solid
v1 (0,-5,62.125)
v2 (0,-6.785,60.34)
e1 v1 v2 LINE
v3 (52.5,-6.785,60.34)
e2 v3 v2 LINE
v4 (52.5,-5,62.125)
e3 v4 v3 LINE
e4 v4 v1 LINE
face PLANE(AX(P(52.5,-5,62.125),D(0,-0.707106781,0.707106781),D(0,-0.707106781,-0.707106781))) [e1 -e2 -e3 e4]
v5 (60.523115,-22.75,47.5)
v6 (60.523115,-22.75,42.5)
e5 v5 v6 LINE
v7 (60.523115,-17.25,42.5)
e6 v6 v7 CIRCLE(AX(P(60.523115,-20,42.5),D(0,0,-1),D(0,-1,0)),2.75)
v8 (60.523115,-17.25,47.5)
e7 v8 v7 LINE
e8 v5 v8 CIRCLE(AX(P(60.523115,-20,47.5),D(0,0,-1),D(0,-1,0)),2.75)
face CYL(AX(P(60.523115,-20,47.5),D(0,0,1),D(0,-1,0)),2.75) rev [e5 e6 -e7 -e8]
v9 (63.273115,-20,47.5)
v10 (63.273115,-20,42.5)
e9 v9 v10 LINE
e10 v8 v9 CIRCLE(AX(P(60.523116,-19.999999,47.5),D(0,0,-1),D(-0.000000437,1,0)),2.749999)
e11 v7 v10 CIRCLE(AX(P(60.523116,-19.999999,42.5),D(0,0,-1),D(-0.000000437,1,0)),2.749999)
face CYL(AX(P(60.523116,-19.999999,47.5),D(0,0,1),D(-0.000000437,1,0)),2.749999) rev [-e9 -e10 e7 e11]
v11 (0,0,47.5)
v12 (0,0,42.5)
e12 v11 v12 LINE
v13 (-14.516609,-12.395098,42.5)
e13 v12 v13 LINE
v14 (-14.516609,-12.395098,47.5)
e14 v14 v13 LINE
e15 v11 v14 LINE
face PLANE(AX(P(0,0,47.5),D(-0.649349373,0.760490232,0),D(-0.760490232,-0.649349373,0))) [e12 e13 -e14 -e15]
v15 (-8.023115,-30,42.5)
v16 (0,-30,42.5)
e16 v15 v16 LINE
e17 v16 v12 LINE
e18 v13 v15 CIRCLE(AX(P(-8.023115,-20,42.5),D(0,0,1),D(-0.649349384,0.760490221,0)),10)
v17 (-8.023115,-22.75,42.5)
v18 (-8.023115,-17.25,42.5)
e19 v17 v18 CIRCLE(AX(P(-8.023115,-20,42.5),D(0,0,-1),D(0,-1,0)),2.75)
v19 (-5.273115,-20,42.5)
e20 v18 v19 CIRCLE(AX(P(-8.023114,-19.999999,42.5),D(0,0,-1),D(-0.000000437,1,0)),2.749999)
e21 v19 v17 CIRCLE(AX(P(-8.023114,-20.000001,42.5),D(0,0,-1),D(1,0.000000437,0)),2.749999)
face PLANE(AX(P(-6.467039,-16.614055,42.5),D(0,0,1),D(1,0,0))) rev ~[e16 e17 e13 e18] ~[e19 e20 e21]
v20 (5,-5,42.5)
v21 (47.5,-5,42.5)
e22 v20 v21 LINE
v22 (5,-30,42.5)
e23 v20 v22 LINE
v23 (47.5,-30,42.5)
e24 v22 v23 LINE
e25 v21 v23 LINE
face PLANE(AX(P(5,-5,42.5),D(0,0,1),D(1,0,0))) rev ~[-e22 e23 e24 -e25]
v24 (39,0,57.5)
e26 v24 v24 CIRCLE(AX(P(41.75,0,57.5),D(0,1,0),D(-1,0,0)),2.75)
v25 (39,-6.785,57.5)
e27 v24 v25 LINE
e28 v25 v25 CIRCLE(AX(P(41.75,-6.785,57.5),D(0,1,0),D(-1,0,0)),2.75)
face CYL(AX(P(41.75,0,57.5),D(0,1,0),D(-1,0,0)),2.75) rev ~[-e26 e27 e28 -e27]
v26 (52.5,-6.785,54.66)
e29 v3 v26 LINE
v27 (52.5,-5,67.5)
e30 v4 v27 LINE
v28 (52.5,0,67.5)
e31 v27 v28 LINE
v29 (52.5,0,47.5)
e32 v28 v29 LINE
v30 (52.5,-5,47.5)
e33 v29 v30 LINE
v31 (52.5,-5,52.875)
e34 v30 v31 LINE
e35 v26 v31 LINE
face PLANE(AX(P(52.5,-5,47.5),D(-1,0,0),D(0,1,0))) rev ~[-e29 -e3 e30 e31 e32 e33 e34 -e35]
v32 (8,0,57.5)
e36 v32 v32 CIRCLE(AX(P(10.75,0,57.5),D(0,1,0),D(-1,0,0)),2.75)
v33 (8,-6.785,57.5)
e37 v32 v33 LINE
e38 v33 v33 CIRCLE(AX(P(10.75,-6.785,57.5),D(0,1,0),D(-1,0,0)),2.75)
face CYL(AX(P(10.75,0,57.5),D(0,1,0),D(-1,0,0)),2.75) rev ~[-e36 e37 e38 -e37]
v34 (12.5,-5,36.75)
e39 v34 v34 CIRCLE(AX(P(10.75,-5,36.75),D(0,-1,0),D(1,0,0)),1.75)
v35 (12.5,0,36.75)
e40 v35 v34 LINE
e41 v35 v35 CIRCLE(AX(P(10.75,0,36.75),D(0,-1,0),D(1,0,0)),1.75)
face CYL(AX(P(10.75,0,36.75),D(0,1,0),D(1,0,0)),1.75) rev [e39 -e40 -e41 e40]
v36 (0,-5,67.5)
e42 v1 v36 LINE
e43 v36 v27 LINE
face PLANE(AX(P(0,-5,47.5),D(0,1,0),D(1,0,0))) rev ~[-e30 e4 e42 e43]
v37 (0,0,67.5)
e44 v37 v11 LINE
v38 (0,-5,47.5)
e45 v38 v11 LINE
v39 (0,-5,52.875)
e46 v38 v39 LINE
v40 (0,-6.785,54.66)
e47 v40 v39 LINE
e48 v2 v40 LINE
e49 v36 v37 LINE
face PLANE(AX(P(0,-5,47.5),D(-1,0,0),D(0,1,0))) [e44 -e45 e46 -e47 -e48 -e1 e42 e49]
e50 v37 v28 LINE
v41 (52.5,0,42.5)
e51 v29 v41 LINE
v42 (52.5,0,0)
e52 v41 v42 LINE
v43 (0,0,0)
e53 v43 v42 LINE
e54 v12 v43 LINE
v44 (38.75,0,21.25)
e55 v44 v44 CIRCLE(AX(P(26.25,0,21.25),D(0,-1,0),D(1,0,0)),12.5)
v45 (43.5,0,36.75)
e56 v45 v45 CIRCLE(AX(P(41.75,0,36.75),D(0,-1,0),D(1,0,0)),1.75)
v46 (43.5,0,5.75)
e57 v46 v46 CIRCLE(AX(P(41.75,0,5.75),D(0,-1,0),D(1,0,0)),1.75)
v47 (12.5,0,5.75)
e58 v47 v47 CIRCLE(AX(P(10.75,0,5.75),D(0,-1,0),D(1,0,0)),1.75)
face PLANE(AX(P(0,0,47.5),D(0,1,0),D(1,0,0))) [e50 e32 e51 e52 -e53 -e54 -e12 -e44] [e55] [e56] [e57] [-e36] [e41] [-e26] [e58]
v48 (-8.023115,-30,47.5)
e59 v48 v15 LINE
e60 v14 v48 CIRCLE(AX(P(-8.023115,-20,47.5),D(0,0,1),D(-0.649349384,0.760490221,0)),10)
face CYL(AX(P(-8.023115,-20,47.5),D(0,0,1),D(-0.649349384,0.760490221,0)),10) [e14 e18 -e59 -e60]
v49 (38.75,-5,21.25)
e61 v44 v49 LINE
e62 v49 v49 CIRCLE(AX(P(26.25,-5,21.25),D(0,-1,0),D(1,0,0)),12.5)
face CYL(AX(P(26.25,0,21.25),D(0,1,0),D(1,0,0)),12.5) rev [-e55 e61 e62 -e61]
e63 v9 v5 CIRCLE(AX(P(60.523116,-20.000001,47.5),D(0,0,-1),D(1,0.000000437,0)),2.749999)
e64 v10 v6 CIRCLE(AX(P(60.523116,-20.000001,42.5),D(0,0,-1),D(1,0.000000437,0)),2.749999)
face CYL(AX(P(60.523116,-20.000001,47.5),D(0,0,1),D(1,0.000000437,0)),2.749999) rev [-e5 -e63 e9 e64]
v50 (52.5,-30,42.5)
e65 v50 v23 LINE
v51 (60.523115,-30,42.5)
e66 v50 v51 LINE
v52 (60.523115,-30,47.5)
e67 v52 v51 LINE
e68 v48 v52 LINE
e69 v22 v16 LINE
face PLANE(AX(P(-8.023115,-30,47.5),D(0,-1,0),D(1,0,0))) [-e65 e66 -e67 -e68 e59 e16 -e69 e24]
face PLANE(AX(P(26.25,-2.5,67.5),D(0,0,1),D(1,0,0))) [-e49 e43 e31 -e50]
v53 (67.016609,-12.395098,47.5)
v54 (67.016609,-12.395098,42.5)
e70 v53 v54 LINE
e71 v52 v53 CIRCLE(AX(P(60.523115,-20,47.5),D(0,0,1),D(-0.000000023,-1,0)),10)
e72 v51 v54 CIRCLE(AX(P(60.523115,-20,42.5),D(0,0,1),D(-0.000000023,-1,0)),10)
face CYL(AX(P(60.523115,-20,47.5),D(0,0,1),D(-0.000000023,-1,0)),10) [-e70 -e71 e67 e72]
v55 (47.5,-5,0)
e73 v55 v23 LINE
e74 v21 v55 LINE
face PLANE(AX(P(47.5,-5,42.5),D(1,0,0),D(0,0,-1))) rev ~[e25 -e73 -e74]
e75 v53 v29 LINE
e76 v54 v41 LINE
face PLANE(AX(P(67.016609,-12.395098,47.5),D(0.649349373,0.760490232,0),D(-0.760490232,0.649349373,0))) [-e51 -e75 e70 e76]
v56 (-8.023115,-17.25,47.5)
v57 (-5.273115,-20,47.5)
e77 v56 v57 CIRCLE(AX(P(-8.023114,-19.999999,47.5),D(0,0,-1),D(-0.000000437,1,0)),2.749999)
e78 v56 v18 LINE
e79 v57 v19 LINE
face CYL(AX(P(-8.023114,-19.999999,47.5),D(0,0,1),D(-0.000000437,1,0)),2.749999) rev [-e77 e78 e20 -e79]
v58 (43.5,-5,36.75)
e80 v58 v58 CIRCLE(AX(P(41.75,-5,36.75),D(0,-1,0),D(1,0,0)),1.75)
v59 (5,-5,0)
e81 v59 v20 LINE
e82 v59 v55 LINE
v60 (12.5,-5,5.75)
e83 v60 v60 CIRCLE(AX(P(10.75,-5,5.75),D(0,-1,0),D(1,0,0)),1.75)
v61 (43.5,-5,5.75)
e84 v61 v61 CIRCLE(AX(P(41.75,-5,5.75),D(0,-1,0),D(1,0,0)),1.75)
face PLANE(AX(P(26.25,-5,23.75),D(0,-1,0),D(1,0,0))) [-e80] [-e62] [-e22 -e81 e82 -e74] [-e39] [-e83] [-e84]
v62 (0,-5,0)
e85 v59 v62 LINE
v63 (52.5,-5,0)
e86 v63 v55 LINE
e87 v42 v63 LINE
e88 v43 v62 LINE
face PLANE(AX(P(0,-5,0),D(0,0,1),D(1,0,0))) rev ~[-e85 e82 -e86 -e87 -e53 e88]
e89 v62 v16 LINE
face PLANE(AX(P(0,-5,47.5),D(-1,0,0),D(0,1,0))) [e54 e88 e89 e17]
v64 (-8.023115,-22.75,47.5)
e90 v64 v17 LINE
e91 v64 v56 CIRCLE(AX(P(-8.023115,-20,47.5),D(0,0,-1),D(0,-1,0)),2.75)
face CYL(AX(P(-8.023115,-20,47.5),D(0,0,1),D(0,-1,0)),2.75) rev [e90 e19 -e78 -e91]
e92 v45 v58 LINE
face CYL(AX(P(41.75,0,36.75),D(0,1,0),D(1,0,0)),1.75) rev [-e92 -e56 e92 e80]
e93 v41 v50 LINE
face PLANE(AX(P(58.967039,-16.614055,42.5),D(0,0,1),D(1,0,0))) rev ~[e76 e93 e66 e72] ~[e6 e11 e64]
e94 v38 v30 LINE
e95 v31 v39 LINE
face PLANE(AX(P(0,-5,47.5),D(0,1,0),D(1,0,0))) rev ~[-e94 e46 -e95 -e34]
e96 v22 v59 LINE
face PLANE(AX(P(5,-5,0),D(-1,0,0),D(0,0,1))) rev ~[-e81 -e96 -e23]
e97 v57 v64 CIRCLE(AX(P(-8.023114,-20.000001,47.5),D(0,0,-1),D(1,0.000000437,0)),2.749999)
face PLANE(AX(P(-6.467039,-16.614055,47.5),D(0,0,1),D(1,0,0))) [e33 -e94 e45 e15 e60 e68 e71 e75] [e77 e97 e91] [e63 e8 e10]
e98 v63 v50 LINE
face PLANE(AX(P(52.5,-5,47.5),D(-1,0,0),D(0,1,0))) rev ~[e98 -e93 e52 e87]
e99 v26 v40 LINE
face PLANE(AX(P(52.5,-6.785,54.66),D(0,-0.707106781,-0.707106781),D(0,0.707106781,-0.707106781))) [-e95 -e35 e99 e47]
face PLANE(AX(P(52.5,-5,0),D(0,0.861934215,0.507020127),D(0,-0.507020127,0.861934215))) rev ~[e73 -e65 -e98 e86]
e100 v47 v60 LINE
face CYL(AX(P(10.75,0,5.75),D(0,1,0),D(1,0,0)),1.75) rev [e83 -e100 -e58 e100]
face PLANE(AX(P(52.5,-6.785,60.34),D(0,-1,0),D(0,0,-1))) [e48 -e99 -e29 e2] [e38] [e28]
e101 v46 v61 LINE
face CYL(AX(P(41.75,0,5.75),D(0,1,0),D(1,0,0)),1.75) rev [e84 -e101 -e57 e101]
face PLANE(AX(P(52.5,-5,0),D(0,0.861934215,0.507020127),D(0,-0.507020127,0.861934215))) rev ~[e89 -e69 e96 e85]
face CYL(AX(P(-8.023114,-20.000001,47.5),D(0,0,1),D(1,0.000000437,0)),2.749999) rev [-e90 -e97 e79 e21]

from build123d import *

# Parameters (mm, degrees)
F0_W      = 52.5
F0_H      = 47.5
F0_R      = 1.75
F0_R_2    = 12.5
F1_DEPTH  = 5
F3_DEPTH  = 25
F4_W      = 52.5
F4_H      = 5
F5_DEPTH  = 20
F7_DEPTH  = 5
F9_DEPTH  = 52.5
F10_R     = 2.75
F11_DEPTH = 30.001
F13_DEPTH = 52.5


with BuildPart() as f1:
    # F0 (on Front) → F1 (new body)
    with BuildSketch(Plane.XZ):
        with Locations((26.25, 23.75)):
            Rectangle(F0_W, F0_H)
        with Locations((10.75, 5.75)):
            Circle(F0_R, mode=Mode.SUBTRACT)
        with Locations((41.75, 5.75)):
            Circle(F0_R, mode=Mode.SUBTRACT)
        with Locations((26.25, 21.25)):
            Circle(F0_R_2, mode=Mode.SUBTRACT)
        with Locations((10.75, 36.75)):
            Circle(F0_R, mode=Mode.SUBTRACT)
        with Locations((41.75, 36.75)):
            Circle(F0_R, mode=Mode.SUBTRACT)
    extrude(amount=F1_DEPTH)

    # F2 (on face) → F3 (join)
    with BuildSketch(Plane.XZ.offset(5)):
        Polygon((0, 47.5), (0, 0), (5, 0), (5, 42.5), (47.5, 42.5), (47.5, 0), (52.5, 0), (52.5, 47.5), align=None)
    extrude(amount=F3_DEPTH)

    # F4 (on face) → F5 (join)
    with BuildSketch(Plane.XY.offset(47.5)):
        with Locations((26.25, -2.5)):
            Rectangle(F4_W, F4_H)
    extrude(amount=F5_DEPTH)

    # F6 (on face) → F7 (join)
    with BuildSketch(Plane.XY.offset(47.5)):
        with BuildLine():
            Line((0, 0), (-14.516609, -12.395098))
            ThreePointArc((-14.516609, -12.395098), (-17.405253, -23.460562), (-8.023115, -30))
            Line((-8.023115, -30), (0, -30))
            Line((0, -30), (0, 0))
        make_face()
        with BuildLine():
            ThreePointArc((-8.023115, -17.25), (-6.078571, -18.055456), (-5.273115, -20))
            ThreePointArc((-5.273115, -20), (-6.078571, -21.944544), (-8.023115, -22.75))
            ThreePointArc((-8.023115, -22.75), (-10.773115, -20), (-8.023115, -17.25))
        make_face(mode=Mode.SUBTRACT)
        with BuildLine():
            ThreePointArc((60.523115, -30), (69.905253, -23.460562), (67.016609, -12.395098))
            Line((67.016609, -12.395098), (52.5, 0))
            Line((52.5, 0), (52.5, -30))
            Line((52.5, -30), (60.523115, -30))
        make_face()
        with BuildLine():
            ThreePointArc((60.523115, -22.75), (57.773115, -20), (60.523115, -17.25))
            ThreePointArc((60.523115, -17.25), (62.467659, -18.055456), (63.273115, -20))
            ThreePointArc((63.273115, -20), (62.467659, -21.944544), (60.523115, -22.75))
        make_face(mode=Mode.SUBTRACT)
    extrude(amount=-F7_DEPTH)

    # F8 (on face) → F9 (join, through all)
    with BuildSketch(Plane.YZ.offset(52.5)):
        Polygon((-6.785, 54.66), (-5, 52.875), (-5, 62.125), (-6.785, 60.34), align=None)
    extrude(amount=-F9_DEPTH)

    # F10 (on face) → F11 (cut, through all)
    with BuildSketch(Plane(origin=(0, 0, 0), x_dir=(-1, 0, 0), z_dir=(0, 1, 0))):
        with Locations((-41.75, 57.5)):
            Circle(F10_R)
        with Locations((-10.75, 57.5)):
            Circle(F10_R)
    extrude(amount=-F11_DEPTH, mode=Mode.SUBTRACT)

    # F12 (on face) → F13 (cut, through all)
    with BuildSketch(Plane.YZ.offset(52.5)):
        Polygon((-5, 0), (-30, 42.5), (-30, 0), align=None)
    extrude(amount=-F13_DEPTH, mode=Mode.SUBTRACT)


solid = f1.part
